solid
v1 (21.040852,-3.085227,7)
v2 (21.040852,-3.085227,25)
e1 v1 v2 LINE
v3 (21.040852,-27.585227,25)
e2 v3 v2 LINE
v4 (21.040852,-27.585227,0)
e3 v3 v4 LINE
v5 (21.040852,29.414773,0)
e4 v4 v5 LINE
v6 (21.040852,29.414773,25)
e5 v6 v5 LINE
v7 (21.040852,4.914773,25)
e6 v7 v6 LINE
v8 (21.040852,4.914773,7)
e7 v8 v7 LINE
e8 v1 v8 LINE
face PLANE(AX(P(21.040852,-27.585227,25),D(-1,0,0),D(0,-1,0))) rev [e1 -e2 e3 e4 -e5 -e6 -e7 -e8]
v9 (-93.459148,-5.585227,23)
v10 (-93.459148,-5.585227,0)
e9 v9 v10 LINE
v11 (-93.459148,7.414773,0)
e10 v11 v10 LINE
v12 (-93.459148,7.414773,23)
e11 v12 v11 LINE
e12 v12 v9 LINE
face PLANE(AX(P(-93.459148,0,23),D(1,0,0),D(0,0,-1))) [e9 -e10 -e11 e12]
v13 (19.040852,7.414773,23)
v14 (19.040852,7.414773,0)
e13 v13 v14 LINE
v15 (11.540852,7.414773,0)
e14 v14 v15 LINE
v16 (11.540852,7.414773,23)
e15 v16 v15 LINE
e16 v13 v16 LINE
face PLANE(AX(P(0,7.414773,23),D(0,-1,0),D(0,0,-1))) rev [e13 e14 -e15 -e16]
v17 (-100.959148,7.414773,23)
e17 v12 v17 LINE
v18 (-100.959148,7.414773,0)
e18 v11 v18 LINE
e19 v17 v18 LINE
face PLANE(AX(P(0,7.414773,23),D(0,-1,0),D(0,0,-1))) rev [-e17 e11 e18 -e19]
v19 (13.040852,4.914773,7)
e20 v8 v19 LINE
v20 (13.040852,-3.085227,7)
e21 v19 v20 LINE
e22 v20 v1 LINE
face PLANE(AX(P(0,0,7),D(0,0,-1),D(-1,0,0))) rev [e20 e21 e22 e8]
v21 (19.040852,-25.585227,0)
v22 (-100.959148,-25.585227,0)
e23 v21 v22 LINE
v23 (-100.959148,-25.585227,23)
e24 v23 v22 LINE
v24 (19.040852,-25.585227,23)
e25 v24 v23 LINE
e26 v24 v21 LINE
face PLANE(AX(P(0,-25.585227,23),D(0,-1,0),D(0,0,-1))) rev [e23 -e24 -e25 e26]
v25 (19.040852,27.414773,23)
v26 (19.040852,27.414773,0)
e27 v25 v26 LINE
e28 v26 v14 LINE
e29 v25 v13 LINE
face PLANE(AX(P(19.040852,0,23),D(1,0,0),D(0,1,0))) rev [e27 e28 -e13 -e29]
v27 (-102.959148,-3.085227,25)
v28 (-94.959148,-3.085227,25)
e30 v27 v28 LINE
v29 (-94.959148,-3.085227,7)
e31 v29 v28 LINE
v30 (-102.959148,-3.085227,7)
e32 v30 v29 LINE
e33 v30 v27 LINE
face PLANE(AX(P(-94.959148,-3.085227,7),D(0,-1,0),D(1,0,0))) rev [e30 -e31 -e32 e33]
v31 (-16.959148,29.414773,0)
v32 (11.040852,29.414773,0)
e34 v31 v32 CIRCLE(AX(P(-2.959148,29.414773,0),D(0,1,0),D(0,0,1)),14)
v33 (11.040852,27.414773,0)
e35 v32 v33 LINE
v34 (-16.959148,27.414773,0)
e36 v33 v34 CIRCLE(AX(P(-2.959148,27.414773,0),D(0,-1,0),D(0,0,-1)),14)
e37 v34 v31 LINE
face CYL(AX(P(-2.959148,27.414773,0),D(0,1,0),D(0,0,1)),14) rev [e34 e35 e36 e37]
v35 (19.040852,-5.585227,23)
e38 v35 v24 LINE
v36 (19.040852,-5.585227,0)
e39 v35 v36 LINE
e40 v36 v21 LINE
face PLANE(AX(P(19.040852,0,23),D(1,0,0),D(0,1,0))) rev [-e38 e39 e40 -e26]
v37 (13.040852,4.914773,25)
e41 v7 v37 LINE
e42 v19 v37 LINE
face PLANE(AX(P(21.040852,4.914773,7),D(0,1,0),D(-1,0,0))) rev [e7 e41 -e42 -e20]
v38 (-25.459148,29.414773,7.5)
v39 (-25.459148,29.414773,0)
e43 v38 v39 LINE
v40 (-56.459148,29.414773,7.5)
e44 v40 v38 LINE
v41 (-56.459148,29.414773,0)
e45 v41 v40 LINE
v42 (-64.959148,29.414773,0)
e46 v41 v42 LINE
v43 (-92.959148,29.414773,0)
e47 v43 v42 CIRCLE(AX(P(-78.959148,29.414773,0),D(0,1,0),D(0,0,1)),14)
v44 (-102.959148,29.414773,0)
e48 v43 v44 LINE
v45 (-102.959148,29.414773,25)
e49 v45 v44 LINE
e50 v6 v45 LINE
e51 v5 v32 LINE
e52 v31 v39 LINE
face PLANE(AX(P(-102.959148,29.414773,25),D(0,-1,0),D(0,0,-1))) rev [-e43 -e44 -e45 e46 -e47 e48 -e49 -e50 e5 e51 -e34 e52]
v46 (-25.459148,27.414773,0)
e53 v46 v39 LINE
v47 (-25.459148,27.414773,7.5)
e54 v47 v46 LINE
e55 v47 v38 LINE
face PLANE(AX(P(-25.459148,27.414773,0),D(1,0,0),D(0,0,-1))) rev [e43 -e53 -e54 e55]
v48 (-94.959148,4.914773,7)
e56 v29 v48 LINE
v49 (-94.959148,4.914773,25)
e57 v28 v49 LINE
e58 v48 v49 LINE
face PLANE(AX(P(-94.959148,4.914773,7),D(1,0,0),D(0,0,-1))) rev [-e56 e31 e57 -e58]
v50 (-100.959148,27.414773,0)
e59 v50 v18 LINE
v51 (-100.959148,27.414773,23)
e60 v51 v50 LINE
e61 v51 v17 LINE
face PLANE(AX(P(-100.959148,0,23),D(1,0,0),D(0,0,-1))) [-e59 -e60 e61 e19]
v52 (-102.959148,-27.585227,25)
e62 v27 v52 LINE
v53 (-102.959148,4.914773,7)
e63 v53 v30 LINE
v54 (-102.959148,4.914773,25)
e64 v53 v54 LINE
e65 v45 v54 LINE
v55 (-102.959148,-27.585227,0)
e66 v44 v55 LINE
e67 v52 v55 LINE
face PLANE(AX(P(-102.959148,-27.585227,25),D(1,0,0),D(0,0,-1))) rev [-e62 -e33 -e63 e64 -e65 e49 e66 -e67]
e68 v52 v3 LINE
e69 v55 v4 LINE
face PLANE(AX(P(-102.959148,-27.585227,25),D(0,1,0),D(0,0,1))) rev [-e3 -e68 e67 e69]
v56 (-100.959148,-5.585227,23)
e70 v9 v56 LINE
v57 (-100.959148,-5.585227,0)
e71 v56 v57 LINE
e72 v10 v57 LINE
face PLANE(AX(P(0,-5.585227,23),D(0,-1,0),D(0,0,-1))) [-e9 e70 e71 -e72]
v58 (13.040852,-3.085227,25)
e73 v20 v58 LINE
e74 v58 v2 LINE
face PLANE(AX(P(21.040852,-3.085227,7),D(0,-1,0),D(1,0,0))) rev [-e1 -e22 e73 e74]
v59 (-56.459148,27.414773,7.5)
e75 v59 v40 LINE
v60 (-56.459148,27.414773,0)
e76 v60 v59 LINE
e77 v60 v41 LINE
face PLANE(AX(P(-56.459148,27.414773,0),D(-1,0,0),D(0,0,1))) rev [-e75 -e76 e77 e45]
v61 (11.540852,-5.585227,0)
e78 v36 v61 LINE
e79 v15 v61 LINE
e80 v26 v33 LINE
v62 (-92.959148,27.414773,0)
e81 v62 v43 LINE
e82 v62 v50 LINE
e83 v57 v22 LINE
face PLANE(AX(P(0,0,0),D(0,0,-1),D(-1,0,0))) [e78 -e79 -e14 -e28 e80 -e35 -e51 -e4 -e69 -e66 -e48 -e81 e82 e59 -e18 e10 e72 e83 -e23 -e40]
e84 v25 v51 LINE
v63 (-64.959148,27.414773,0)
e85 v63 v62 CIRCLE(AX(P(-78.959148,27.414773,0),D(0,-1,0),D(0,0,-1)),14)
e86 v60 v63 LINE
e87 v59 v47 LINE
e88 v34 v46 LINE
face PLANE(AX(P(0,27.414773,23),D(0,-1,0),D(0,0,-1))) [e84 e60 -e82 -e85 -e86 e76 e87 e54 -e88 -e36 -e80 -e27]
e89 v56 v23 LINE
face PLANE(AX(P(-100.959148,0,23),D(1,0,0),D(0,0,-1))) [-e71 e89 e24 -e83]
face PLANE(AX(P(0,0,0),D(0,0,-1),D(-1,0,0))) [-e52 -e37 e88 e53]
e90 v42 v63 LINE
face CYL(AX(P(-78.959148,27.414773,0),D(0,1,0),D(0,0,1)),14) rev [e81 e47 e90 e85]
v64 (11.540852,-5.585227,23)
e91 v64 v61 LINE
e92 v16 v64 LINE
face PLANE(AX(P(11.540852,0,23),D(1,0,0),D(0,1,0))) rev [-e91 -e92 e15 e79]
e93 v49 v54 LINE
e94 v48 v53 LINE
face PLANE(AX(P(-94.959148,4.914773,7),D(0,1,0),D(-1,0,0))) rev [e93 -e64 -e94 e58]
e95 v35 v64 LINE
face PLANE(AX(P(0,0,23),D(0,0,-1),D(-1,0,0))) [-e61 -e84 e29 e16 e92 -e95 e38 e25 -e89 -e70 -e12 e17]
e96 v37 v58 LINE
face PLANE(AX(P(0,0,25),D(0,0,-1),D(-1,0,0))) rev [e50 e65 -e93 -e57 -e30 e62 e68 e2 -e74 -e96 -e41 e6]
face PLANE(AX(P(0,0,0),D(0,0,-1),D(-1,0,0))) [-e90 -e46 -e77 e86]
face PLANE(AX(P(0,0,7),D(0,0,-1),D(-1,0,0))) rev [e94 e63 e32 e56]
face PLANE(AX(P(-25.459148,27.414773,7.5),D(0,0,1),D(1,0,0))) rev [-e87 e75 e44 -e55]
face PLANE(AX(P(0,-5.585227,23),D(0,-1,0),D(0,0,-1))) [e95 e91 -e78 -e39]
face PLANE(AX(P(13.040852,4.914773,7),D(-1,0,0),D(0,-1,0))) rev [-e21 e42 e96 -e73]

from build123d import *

# Parameters (mm, degrees)
SKIZZE1_W                       = 124
SKIZZE1_H                       = 57
AUFSATZ_LINEAR_AUSTRAGEN1_DEPTH = 25
SKIZZE2_W                       = 8
SKIZZE2_H                       = 8
SCHNITT_LINEAR_AUSTRAGEN4_DEPTH = 18
SKIZZE5_W                       = 120
SKIZZE5_H                       = 20
SKIZZE5_W_2                     = 105
SKIZZE5_H_2                     = 13
SCHNITT_LINEAR_AUSTRAGEN5_DEPTH = 23
SKIZZE6_R                       = 14
SKIZZE6_W                       = 31
SKIZZE6_H                       = 7.5
SCHNITT_LINEAR_AUSTRAGEN6_DEPTH = 2


with BuildPart() as part:
    # Skizze1 → Aufsatz-Linear austragen1 (new body)
    with BuildSketch(Plane.XY):
        with Locations((-40.959148289, 0.914772727)):
            Rectangle(SKIZZE1_W, SKIZZE1_H)
    extrude(amount=AUFSATZ_LINEAR_AUSTRAGEN1_DEPTH)

    # Skizze2 → Schnitt-Linear austragen4 (cut)
    with BuildSketch(Plane.XY.offset(25)):
        with Locations((17.040851711, 0.914772727)):
            Rectangle(SKIZZE2_W, SKIZZE2_H)
        with Locations((-98.959148289, 0.914772727)):
            Rectangle(SKIZZE2_W, SKIZZE2_H)
    extrude(amount=-SCHNITT_LINEAR_AUSTRAGEN4_DEPTH, mode=Mode.SUBTRACT)

    # Skizze5 → Schnitt-Linear austragen5 (cut)
    with BuildSketch(Plane(origin=(0, 0, 0), x_dir=(-1, 0, 0), z_dir=(0, 0, -1))):
        with Locations((40.959148289, 17.414772727)):
            Rectangle(SKIZZE5_W, SKIZZE5_H)
        with Locations((40.959148289, 0.914772727)):
            Rectangle(SKIZZE5_W_2, SKIZZE5_H_2)
        with Locations((40.959148289, -15.585227273)):
            Rectangle(SKIZZE5_W, SKIZZE5_H)
    extrude(amount=-SCHNITT_LINEAR_AUSTRAGEN5_DEPTH, mode=Mode.SUBTRACT)

    # Skizze6 → Schnitt-Linear austragen6 (cut)
    with BuildSketch(Plane(origin=(0, 29.414772727, 0), x_dir=(1, 0, 0), z_dir=(0, 1, 0))):
        with Locations((-2.959148289, 0)):
            Circle(SKIZZE6_R)
        with Locations((-78.959148289, 0)):
            Circle(SKIZZE6_R)
        with Locations((-40.959148289, -3.75)):
            Rectangle(SKIZZE6_W, SKIZZE6_H)
    extrude(amount=-SCHNITT_LINEAR_AUSTRAGEN6_DEPTH, mode=Mode.SUBTRACT)


solid = part.part
